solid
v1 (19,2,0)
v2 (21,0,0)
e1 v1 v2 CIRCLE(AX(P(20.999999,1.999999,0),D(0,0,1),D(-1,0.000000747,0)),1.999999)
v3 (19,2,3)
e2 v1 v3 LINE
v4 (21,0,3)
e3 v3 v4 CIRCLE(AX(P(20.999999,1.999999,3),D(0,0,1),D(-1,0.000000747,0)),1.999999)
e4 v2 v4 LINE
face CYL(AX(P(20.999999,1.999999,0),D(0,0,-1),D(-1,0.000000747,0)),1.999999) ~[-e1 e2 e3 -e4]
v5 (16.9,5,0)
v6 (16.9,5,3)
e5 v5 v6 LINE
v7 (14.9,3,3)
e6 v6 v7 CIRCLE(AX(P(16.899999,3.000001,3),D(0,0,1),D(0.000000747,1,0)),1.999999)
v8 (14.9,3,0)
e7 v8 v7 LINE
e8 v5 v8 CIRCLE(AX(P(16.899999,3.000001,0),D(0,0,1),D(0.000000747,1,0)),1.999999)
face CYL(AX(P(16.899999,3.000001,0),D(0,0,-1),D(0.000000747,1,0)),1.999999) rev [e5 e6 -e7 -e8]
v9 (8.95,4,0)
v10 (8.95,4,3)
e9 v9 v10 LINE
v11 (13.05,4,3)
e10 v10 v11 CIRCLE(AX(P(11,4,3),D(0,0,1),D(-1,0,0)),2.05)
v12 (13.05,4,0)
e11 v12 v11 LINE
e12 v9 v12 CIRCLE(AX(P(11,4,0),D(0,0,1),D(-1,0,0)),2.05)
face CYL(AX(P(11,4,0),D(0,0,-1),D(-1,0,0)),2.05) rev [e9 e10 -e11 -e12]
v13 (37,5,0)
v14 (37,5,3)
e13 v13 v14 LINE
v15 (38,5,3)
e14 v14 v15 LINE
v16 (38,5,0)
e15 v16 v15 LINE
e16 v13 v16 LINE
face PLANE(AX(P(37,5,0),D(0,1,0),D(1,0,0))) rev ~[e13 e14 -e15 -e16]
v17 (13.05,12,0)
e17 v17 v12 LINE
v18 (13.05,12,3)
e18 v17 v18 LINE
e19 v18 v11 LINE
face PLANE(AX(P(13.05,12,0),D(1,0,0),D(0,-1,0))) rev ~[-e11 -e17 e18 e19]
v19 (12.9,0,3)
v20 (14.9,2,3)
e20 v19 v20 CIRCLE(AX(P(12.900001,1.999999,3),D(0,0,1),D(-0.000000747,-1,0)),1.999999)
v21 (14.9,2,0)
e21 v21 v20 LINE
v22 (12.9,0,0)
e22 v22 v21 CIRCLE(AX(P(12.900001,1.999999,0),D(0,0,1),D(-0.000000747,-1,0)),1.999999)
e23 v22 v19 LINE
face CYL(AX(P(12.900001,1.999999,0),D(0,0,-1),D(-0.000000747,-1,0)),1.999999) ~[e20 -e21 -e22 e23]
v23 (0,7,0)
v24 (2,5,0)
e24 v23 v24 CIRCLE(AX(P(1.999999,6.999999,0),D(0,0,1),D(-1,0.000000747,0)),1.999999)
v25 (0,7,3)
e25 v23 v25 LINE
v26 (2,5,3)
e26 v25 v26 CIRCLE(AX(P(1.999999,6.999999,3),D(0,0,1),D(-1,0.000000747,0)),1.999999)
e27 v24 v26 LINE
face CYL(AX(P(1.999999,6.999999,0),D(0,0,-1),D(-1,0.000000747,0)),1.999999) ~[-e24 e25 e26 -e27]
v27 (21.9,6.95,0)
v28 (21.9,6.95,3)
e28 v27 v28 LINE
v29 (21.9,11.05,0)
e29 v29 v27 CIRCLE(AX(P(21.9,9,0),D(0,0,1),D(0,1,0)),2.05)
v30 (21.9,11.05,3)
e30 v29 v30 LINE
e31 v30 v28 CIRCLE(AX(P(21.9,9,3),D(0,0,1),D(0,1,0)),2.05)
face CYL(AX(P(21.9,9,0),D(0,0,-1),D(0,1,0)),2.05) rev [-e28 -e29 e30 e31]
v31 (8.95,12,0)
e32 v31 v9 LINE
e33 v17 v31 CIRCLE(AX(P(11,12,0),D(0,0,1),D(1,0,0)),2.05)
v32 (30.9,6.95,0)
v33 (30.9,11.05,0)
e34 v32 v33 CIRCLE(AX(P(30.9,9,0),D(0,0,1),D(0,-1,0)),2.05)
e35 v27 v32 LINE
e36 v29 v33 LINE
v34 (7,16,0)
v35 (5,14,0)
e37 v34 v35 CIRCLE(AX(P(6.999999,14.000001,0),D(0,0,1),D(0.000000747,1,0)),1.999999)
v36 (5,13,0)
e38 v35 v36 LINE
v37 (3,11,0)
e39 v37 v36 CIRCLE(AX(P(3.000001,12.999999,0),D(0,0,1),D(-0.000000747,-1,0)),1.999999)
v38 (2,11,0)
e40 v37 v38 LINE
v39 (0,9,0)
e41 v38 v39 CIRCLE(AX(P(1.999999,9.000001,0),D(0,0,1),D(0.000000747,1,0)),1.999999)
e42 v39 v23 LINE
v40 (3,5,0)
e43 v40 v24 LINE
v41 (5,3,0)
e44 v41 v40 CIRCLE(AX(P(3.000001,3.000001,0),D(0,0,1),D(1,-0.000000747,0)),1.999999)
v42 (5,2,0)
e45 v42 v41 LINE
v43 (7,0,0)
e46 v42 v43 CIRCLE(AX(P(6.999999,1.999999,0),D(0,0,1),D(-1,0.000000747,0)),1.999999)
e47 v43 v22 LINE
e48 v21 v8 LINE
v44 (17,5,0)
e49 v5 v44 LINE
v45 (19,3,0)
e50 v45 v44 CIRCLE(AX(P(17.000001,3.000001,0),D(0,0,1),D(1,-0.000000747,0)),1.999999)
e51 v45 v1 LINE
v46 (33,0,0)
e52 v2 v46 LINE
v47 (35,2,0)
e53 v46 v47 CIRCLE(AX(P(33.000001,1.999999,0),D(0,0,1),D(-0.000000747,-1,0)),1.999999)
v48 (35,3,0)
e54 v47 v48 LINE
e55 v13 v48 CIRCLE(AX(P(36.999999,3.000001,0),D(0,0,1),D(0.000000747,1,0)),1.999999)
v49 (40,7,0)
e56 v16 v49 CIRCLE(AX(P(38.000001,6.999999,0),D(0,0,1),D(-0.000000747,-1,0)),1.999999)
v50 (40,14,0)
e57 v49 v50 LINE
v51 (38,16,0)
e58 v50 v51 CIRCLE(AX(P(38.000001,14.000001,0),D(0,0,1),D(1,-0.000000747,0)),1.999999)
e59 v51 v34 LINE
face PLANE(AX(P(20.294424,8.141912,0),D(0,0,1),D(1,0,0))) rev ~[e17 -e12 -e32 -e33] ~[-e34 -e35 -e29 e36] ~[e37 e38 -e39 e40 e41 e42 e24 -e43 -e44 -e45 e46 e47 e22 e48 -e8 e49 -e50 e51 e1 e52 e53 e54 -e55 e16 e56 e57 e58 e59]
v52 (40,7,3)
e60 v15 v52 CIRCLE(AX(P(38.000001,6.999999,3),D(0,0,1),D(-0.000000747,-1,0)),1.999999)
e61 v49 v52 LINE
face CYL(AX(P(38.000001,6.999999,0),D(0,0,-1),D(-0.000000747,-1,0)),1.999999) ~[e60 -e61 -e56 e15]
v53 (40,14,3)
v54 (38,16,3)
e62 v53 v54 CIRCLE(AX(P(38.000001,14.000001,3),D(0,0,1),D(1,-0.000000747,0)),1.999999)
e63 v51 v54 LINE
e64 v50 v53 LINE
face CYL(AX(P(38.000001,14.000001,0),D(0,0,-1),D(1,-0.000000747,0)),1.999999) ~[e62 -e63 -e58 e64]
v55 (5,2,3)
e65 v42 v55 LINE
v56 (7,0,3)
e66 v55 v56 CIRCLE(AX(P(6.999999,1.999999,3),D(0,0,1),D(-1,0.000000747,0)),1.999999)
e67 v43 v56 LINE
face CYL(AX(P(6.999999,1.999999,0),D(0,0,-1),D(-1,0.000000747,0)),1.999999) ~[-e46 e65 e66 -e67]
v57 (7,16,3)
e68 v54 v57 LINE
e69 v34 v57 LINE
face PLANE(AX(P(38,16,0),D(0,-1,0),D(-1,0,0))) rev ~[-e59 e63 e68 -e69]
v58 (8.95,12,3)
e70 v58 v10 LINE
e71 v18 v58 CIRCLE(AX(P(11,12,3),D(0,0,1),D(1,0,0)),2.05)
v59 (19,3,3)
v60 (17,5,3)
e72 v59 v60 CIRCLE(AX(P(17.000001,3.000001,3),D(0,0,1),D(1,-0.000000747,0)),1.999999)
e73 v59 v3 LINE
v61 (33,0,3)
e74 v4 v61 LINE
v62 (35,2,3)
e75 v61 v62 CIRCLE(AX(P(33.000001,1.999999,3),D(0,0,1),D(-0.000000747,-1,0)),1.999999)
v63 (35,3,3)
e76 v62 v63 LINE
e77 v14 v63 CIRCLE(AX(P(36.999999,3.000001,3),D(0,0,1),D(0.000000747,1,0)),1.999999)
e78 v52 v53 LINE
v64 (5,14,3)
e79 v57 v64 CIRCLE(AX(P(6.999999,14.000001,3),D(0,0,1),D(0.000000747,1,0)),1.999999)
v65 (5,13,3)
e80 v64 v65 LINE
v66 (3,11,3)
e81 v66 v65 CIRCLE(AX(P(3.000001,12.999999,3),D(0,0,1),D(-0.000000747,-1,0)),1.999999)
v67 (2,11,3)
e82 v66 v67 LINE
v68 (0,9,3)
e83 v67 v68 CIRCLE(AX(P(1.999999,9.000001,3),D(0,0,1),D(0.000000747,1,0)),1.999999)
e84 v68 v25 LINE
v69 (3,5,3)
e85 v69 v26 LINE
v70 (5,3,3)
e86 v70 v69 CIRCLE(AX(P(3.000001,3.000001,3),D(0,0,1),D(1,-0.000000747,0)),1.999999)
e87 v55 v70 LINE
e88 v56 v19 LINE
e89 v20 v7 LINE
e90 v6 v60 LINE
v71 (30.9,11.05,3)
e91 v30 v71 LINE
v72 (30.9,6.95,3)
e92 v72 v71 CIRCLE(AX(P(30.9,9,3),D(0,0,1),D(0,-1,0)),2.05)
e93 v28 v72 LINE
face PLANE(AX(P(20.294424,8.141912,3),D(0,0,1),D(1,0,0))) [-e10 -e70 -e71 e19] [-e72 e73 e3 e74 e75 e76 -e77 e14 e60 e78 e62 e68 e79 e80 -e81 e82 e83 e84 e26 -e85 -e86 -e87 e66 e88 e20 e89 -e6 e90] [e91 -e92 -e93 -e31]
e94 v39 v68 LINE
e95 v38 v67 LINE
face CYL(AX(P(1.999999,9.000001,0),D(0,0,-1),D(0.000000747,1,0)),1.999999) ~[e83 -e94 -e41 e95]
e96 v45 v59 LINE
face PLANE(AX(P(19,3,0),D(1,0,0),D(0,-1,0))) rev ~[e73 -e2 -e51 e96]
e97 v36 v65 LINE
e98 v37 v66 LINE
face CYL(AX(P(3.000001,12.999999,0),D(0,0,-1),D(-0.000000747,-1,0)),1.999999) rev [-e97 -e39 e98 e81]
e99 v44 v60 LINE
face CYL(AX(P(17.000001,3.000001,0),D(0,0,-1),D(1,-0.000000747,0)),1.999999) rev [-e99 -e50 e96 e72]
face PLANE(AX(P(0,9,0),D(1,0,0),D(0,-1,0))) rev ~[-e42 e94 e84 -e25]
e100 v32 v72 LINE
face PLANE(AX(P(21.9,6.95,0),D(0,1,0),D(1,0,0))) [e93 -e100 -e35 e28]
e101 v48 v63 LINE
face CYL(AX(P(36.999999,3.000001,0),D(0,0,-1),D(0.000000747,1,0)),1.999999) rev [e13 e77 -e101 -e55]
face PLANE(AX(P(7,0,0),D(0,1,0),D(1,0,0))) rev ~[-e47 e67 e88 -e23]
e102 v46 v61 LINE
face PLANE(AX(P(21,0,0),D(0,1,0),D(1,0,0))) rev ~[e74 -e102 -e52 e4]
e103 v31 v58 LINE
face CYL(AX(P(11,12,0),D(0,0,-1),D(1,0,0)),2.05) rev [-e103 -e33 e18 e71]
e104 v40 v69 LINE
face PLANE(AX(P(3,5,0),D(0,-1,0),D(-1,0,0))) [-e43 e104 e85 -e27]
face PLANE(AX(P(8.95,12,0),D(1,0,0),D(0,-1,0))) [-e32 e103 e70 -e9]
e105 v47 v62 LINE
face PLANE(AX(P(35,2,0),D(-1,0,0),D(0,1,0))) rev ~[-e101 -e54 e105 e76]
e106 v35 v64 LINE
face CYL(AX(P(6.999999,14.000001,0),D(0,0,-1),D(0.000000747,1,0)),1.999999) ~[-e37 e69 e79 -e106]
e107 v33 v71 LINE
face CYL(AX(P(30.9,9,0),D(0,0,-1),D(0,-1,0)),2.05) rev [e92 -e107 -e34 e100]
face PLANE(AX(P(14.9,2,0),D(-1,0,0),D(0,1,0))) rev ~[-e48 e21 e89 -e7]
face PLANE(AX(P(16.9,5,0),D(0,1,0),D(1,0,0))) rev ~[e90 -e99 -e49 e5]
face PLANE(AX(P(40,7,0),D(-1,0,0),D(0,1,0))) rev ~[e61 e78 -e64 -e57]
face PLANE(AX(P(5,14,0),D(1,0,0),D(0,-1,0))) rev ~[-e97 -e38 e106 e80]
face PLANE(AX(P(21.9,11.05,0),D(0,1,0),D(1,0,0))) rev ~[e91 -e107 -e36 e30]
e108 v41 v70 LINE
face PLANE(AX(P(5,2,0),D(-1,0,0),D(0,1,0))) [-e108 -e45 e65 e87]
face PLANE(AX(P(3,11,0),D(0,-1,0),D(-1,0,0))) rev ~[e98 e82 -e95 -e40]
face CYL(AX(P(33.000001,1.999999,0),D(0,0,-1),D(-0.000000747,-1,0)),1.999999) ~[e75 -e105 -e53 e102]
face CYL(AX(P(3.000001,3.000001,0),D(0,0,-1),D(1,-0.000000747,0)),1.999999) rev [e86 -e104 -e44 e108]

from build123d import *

# Parameters (mm, degrees)
PAD_DEPTH = 3


with BuildPart() as part:
    # Sketch → Pad (new body)
    with BuildSketch(Plane.XY):
        with BuildLine():
            Line((7, 0), (12.9, 0))
            ThreePointArc((12.9, 0), (14.314214, 0.585786), (14.9, 2))
            Line((14.9, 2), (14.9, 3))
            ThreePointArc((16.9, 5), (15.485786, 4.414214), (14.9, 3))
            Line((16.9, 5), (17, 5))
            ThreePointArc((19, 3), (18.414214, 4.414214), (17, 5))
            Line((19, 3), (19, 2))
            ThreePointArc((19, 2), (19.585786, 0.585786), (21, 0))
            Line((21, 0), (33, 0))
            ThreePointArc((33, 0), (34.414214, 0.585786), (35, 2))
            Line((35, 2), (35, 3))
            ThreePointArc((37, 5), (35.585786, 4.414214), (35, 3))
            Line((37, 5), (38, 5))
            ThreePointArc((38, 5), (39.414214, 5.585786), (40, 7))
            Line((40, 7), (40, 14))
            ThreePointArc((40, 14), (39.414214, 15.414214), (38, 16))
            Line((38, 16), (7, 16))
            ThreePointArc((7, 16), (5.585786, 15.414214), (5, 14))
            Line((5, 14), (5, 13))
            ThreePointArc((3, 11), (4.414214, 11.585786), (5, 13))
            Line((3, 11), (2, 11))
            ThreePointArc((2, 11), (0.585786, 10.414214), (0, 9))
            Line((0, 9), (0, 7))
            ThreePointArc((0, 7), (0.585786, 5.585786), (2, 5))
            Line((3, 5), (2, 5))
            ThreePointArc((5, 3), (4.414214, 4.414214), (3, 5))
            Line((5, 2), (5, 3))
            ThreePointArc((5, 2), (5.585786, 0.585786), (7, 0))
        make_face()
        with BuildLine():
            ThreePointArc((21.9, 11.05), (19.85, 9), (21.9, 6.95))
            Line((21.9, 6.95), (30.9, 6.95))
            ThreePointArc((30.9, 6.95), (32.95, 9), (30.9, 11.05))
            Line((21.9, 11.05), (30.9, 11.05))
        make_face(mode=Mode.SUBTRACT)
        with BuildLine():
            ThreePointArc((13.05, 12), (11, 14.05), (8.95, 12))
            Line((8.95, 12), (8.95, 4))
            ThreePointArc((8.95, 4), (11, 1.95), (13.05, 4))
            Line((13.05, 12), (13.05, 4))
        make_face(mode=Mode.SUBTRACT)
    extrude(amount=PAD_DEPTH)


solid = part.part
